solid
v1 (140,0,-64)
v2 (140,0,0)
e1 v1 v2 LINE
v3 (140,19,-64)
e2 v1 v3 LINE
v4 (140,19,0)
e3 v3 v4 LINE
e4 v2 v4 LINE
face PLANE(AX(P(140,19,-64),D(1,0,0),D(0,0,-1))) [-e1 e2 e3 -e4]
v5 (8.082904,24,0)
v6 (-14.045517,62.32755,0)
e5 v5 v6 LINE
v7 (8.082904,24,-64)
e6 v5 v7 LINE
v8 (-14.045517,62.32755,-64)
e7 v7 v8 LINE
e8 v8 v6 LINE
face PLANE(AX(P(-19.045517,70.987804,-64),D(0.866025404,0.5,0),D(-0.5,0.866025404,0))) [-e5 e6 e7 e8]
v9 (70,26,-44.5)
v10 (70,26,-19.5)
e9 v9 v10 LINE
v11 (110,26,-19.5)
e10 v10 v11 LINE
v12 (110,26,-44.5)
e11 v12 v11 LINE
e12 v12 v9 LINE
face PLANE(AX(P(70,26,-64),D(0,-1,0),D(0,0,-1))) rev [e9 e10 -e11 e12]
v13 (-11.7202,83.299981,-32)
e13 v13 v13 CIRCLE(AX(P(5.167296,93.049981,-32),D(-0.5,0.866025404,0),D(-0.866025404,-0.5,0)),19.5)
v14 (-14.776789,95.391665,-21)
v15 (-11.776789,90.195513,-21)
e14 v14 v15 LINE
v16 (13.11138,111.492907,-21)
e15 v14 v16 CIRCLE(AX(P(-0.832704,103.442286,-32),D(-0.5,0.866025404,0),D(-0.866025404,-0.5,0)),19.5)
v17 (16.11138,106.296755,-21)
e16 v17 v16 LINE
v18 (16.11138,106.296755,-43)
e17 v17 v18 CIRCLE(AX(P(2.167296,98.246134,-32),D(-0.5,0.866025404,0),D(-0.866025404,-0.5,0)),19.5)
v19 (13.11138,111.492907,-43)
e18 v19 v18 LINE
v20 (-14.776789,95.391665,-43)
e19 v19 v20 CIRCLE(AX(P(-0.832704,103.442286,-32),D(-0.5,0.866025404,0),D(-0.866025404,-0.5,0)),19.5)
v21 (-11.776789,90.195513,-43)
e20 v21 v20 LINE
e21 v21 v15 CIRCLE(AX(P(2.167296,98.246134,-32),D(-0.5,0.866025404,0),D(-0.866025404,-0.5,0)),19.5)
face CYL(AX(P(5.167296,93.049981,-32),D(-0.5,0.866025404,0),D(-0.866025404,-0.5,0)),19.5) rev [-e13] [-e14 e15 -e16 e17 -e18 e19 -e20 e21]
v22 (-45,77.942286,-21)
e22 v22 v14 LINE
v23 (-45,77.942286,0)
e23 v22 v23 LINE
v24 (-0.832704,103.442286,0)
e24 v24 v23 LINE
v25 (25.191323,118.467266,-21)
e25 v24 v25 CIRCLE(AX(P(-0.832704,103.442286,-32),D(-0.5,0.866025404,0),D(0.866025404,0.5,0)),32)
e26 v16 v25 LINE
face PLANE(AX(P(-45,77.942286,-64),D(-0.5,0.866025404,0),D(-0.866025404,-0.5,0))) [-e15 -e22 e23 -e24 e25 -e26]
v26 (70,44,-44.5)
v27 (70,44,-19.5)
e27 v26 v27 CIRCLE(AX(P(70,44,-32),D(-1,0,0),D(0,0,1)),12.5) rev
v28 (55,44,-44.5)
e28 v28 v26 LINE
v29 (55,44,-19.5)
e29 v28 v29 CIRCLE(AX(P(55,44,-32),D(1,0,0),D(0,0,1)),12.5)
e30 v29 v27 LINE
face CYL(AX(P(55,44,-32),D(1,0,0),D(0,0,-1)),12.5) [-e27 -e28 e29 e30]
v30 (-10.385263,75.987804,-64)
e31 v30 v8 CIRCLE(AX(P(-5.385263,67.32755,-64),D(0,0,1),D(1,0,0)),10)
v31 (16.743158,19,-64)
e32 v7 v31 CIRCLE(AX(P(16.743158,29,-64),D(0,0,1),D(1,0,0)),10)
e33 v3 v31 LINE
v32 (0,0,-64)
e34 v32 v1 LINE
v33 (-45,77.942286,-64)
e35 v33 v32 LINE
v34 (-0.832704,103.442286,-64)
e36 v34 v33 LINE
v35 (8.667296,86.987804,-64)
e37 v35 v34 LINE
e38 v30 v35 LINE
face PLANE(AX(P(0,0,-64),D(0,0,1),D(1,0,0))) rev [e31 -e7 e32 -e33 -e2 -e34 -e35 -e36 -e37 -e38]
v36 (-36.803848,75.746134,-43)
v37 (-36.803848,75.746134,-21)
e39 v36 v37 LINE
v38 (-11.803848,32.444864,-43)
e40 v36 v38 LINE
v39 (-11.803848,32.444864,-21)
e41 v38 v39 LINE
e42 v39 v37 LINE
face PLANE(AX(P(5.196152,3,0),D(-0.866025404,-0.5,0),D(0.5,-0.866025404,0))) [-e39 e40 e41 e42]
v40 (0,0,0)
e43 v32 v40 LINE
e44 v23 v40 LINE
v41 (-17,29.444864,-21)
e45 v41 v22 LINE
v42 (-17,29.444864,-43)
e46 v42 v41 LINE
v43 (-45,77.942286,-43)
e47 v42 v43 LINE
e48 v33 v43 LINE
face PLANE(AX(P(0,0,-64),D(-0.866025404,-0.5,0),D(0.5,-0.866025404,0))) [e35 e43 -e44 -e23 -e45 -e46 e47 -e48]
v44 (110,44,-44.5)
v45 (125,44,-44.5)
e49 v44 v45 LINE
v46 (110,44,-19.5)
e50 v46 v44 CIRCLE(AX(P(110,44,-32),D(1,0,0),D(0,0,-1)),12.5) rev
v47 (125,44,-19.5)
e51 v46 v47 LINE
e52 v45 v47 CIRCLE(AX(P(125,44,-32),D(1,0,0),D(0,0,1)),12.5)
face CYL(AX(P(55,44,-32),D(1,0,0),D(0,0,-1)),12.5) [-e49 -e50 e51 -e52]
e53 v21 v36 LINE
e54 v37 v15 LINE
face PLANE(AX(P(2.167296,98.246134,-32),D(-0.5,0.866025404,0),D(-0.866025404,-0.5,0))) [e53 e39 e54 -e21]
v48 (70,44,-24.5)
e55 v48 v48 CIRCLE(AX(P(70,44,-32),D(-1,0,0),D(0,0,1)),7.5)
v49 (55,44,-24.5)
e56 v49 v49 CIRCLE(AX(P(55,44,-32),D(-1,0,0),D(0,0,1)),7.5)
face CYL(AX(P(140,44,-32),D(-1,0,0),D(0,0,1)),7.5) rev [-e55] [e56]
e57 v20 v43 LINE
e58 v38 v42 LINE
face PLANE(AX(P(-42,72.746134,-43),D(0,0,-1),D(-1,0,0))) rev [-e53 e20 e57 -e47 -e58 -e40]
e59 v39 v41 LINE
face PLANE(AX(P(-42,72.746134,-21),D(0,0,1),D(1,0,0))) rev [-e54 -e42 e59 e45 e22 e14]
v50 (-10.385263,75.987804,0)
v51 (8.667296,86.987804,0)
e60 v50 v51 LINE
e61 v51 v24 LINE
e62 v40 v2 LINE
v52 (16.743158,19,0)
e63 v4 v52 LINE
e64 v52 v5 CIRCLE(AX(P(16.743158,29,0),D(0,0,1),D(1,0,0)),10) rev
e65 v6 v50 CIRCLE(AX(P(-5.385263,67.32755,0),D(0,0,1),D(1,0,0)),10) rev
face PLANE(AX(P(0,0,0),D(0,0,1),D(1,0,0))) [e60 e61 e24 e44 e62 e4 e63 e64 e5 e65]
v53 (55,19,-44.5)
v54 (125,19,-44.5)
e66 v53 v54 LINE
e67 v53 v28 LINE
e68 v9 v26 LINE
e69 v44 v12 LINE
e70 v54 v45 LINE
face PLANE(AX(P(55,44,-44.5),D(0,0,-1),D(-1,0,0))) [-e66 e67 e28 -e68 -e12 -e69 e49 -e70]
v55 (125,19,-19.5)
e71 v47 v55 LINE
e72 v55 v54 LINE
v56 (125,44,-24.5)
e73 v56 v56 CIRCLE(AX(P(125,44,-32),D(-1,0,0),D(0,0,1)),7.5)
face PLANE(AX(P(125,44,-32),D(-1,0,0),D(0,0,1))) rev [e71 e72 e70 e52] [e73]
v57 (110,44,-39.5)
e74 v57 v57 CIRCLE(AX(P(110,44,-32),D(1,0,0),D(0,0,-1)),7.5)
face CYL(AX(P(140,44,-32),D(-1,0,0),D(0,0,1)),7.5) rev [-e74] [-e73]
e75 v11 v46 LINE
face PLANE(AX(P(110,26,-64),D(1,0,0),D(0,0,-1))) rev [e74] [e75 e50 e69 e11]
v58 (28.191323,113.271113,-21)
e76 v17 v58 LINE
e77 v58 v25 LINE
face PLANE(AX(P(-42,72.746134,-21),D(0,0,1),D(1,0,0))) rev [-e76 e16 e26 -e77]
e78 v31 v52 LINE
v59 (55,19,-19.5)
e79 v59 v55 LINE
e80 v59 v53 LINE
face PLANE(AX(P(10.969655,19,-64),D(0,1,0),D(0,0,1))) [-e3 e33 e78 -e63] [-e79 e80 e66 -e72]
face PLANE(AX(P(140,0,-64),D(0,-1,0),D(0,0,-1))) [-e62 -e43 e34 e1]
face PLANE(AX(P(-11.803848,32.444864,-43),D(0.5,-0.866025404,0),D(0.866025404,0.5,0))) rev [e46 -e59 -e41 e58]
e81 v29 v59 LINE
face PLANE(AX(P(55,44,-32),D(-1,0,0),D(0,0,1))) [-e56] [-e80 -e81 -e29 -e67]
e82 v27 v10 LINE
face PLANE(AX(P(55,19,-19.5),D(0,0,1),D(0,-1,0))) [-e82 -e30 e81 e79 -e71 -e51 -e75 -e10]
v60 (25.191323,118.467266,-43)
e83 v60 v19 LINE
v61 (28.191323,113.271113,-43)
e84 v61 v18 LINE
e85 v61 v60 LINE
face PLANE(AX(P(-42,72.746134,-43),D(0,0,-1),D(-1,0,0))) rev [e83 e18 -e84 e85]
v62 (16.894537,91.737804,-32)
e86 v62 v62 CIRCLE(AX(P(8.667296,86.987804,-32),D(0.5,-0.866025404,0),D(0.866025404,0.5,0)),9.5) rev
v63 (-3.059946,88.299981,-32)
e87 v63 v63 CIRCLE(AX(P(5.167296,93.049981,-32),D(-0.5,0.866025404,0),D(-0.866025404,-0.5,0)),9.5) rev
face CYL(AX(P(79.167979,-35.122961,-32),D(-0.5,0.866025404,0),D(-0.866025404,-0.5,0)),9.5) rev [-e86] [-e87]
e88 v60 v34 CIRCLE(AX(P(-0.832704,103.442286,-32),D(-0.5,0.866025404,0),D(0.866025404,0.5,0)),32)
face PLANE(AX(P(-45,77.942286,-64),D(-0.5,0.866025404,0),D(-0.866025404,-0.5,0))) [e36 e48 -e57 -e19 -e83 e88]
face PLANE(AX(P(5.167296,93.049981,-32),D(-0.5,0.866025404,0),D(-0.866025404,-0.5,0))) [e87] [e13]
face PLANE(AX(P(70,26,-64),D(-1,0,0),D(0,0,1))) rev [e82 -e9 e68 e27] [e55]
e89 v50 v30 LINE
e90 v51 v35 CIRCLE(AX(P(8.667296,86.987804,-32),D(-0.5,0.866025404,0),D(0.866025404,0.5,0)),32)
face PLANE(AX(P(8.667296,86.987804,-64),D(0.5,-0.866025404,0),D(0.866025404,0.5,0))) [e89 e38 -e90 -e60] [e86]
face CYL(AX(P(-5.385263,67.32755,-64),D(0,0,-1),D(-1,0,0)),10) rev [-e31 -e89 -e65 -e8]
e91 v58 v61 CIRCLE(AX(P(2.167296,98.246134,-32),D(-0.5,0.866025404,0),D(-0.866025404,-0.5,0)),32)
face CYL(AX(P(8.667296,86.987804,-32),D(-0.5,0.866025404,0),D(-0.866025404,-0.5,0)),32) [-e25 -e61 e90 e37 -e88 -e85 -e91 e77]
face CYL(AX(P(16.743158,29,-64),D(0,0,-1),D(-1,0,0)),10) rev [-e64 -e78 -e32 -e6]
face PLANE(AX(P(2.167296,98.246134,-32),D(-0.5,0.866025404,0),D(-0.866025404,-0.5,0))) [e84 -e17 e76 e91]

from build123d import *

# Parameters (mm, degrees)
BOSS_EXTRU_1_DEPTH      = 64
BOSS_EXTRU_2_DEPTH      = 19
ENL_V_MAT_EXTRU_1_REACH = 212.704
ESQUISSE3_R             = 9.5
ENL_V_MAT_EXTRU_2_DEPTH = 6
ESQUISSE5_R             = 19.5
ENL_V_MAT_EXTRU_3_DEPTH = 12
ESQUISSE6_W             = 22
ESQUISSE6_H             = 56
ENL_V_MAT_EXTRU_4_DEPTH = 6
BOSS_EXTRU_3_DEPTH      = 70
ESQUISSE9_W             = 40
ESQUISSE9_H             = 30.5
ENL_V_MAT_EXTRU_5_DEPTH = 189.718687482
ESQUISSE10_R            = 7.5
ENL_V_MAT_EXTRU_6_DEPTH = 168.72147449
CONG_1_R                = 10


with BuildPart() as part:
    # Esquisse1 → Boss.-Extru.1 (new body)
    with BuildSketch(Plane.XY):
        Polygon((0, 0), (-45, 77.942286341), (-0.832704407, 103.442286341), (8.667295593, 86.987803669), (-19.045517328, 70.987803669), (10.969655115, 19), (140, 19), (140, 0), align=None)
    extrude(amount=-BOSS_EXTRU_1_DEPTH)

    # Esquisse2 → Boss.-Extru.2 (add)
    with BuildSketch(Plane(origin=(-45, 77.942286341, 0), x_dir=(0.8660254037844398, 0.49999999999999806, 0), z_dir=(-0.499999999999998, 0.8660254037844397, 0))):
        with BuildLine():
            Line((51, 64), (51, 0))
            ThreePointArc((51, 0), (83, 32), (51, 64))
        make_face()
    extrude(amount=-BOSS_EXTRU_2_DEPTH)

    # Esquisse3 → Enlèv. mat.-Extru.1 (cut, up to next)
    with BuildSketch(Plane(origin=(-45, 77.942286341, 0), x_dir=(0.8660254037844398, 0.49999999999999806, 0), z_dir=(-0.499999999999998, 0.8660254037844397, 0)), mode=Mode.PRIVATE) as enl_v_mat_extru_1_sk1:
        with Locations(Location((51, 32, 0), (0, 0, 180))):
            Circle(ESQUISSE3_R)
    enl_v_mat_extru_1_tool1 = extrude(enl_v_mat_extru_1_sk1.sketch, amount=-ENL_V_MAT_EXTRU_1_REACH, mode=Mode.PRIVATE) & part.part
    add(enl_v_mat_extru_1_tool1.solids().sort_by_distance((-0.832704, 103.442286, -32))[0], mode=Mode.SUBTRACT)

    # Esquisse4 → Enlèv. mat.-Extru.2 (cut)
    with BuildSketch(Plane(origin=(-45, 77.942286341, 0), x_dir=(0.8660254037844398, 0.49999999999999806, 0), z_dir=(-0.499999999999998, 0.8660254037844397, 0))):
        with BuildLine():
            Line((0, 43), (81.049958403, 43))
            ThreePointArc((81.049958403, 43), (83, 32), (81.049958403, 21))
            Line((81.049958403, 21), (0, 21))
            Line((0, 21), (0, 43))
        make_face()
    extrude(amount=-ENL_V_MAT_EXTRU_2_DEPTH, mode=Mode.SUBTRACT)

    # Esquisse5 → Enlèv. mat.-Extru.3 (cut)
    with BuildSketch(Plane(origin=(-45, 77.942286341, 0), x_dir=(0.8660254037844398, 0.49999999999999806, 0), z_dir=(-0.499999999999998, 0.8660254037844397, 0))):
        with Locations(Location((51, 32, 0), (0, 0, 180))):
            Circle(ESQUISSE5_R)
    extrude(amount=-ENL_V_MAT_EXTRU_3_DEPTH, mode=Mode.SUBTRACT)

    # Esquisse6 → Enlèv. mat.-Extru.4 (cut)
    with BuildSketch(Plane(origin=(0, 0, 0), x_dir=(0, 0, 1), z_dir=(-0.8660254037844398, -0.49999999999999806, 0))):
        with Locations((-32, 62)):
            Rectangle(ESQUISSE6_W, ESQUISSE6_H)
    extrude(amount=-ENL_V_MAT_EXTRU_4_DEPTH, mode=Mode.SUBTRACT)

    # Esquisse8 → Boss.-Extru.3 (add)
    with BuildSketch(Plane(origin=(125, 0, 0), x_dir=(0, 0, -1), z_dir=(1, 0, 0))):
        with BuildLine():
            Line((19.5, 19), (19.5, 44))
            ThreePointArc((19.5, 44), (32, 56.5), (44.5, 44))
            Line((44.5, 44), (44.5, 19))
            Line((44.5, 19), (19.5, 19))
        make_face()
    extrude(amount=-BOSS_EXTRU_3_DEPTH)

    # Esquisse9 → Enlèv. mat.-Extru.5 (cut, through all)
    with BuildSketch(Plane.XY.offset(-19.5)):
        with Locations((90, 41.25)):
            Rectangle(ESQUISSE9_W, ESQUISSE9_H)
    extrude(amount=-ENL_V_MAT_EXTRU_5_DEPTH, mode=Mode.SUBTRACT)

    # Esquisse10 → Enlèv. mat.-Extru.6 (cut, through all)
    with BuildSketch(Plane.ZY.offset(-55)):
        with Locations((-32, 44)):
            Circle(ESQUISSE10_R)
    extrude(amount=-ENL_V_MAT_EXTRU_6_DEPTH, mode=Mode.SUBTRACT)

    # Congé1
    cong_1_edges = [part.edges().sort_by_distance(p)[0] for p in [
        (-19.045517328, 70.987803669, -32),
        (10.969655115, 19, -32),
    ]]
    fillet(cong_1_edges, radius=CONG_1_R)


solid = part.part
